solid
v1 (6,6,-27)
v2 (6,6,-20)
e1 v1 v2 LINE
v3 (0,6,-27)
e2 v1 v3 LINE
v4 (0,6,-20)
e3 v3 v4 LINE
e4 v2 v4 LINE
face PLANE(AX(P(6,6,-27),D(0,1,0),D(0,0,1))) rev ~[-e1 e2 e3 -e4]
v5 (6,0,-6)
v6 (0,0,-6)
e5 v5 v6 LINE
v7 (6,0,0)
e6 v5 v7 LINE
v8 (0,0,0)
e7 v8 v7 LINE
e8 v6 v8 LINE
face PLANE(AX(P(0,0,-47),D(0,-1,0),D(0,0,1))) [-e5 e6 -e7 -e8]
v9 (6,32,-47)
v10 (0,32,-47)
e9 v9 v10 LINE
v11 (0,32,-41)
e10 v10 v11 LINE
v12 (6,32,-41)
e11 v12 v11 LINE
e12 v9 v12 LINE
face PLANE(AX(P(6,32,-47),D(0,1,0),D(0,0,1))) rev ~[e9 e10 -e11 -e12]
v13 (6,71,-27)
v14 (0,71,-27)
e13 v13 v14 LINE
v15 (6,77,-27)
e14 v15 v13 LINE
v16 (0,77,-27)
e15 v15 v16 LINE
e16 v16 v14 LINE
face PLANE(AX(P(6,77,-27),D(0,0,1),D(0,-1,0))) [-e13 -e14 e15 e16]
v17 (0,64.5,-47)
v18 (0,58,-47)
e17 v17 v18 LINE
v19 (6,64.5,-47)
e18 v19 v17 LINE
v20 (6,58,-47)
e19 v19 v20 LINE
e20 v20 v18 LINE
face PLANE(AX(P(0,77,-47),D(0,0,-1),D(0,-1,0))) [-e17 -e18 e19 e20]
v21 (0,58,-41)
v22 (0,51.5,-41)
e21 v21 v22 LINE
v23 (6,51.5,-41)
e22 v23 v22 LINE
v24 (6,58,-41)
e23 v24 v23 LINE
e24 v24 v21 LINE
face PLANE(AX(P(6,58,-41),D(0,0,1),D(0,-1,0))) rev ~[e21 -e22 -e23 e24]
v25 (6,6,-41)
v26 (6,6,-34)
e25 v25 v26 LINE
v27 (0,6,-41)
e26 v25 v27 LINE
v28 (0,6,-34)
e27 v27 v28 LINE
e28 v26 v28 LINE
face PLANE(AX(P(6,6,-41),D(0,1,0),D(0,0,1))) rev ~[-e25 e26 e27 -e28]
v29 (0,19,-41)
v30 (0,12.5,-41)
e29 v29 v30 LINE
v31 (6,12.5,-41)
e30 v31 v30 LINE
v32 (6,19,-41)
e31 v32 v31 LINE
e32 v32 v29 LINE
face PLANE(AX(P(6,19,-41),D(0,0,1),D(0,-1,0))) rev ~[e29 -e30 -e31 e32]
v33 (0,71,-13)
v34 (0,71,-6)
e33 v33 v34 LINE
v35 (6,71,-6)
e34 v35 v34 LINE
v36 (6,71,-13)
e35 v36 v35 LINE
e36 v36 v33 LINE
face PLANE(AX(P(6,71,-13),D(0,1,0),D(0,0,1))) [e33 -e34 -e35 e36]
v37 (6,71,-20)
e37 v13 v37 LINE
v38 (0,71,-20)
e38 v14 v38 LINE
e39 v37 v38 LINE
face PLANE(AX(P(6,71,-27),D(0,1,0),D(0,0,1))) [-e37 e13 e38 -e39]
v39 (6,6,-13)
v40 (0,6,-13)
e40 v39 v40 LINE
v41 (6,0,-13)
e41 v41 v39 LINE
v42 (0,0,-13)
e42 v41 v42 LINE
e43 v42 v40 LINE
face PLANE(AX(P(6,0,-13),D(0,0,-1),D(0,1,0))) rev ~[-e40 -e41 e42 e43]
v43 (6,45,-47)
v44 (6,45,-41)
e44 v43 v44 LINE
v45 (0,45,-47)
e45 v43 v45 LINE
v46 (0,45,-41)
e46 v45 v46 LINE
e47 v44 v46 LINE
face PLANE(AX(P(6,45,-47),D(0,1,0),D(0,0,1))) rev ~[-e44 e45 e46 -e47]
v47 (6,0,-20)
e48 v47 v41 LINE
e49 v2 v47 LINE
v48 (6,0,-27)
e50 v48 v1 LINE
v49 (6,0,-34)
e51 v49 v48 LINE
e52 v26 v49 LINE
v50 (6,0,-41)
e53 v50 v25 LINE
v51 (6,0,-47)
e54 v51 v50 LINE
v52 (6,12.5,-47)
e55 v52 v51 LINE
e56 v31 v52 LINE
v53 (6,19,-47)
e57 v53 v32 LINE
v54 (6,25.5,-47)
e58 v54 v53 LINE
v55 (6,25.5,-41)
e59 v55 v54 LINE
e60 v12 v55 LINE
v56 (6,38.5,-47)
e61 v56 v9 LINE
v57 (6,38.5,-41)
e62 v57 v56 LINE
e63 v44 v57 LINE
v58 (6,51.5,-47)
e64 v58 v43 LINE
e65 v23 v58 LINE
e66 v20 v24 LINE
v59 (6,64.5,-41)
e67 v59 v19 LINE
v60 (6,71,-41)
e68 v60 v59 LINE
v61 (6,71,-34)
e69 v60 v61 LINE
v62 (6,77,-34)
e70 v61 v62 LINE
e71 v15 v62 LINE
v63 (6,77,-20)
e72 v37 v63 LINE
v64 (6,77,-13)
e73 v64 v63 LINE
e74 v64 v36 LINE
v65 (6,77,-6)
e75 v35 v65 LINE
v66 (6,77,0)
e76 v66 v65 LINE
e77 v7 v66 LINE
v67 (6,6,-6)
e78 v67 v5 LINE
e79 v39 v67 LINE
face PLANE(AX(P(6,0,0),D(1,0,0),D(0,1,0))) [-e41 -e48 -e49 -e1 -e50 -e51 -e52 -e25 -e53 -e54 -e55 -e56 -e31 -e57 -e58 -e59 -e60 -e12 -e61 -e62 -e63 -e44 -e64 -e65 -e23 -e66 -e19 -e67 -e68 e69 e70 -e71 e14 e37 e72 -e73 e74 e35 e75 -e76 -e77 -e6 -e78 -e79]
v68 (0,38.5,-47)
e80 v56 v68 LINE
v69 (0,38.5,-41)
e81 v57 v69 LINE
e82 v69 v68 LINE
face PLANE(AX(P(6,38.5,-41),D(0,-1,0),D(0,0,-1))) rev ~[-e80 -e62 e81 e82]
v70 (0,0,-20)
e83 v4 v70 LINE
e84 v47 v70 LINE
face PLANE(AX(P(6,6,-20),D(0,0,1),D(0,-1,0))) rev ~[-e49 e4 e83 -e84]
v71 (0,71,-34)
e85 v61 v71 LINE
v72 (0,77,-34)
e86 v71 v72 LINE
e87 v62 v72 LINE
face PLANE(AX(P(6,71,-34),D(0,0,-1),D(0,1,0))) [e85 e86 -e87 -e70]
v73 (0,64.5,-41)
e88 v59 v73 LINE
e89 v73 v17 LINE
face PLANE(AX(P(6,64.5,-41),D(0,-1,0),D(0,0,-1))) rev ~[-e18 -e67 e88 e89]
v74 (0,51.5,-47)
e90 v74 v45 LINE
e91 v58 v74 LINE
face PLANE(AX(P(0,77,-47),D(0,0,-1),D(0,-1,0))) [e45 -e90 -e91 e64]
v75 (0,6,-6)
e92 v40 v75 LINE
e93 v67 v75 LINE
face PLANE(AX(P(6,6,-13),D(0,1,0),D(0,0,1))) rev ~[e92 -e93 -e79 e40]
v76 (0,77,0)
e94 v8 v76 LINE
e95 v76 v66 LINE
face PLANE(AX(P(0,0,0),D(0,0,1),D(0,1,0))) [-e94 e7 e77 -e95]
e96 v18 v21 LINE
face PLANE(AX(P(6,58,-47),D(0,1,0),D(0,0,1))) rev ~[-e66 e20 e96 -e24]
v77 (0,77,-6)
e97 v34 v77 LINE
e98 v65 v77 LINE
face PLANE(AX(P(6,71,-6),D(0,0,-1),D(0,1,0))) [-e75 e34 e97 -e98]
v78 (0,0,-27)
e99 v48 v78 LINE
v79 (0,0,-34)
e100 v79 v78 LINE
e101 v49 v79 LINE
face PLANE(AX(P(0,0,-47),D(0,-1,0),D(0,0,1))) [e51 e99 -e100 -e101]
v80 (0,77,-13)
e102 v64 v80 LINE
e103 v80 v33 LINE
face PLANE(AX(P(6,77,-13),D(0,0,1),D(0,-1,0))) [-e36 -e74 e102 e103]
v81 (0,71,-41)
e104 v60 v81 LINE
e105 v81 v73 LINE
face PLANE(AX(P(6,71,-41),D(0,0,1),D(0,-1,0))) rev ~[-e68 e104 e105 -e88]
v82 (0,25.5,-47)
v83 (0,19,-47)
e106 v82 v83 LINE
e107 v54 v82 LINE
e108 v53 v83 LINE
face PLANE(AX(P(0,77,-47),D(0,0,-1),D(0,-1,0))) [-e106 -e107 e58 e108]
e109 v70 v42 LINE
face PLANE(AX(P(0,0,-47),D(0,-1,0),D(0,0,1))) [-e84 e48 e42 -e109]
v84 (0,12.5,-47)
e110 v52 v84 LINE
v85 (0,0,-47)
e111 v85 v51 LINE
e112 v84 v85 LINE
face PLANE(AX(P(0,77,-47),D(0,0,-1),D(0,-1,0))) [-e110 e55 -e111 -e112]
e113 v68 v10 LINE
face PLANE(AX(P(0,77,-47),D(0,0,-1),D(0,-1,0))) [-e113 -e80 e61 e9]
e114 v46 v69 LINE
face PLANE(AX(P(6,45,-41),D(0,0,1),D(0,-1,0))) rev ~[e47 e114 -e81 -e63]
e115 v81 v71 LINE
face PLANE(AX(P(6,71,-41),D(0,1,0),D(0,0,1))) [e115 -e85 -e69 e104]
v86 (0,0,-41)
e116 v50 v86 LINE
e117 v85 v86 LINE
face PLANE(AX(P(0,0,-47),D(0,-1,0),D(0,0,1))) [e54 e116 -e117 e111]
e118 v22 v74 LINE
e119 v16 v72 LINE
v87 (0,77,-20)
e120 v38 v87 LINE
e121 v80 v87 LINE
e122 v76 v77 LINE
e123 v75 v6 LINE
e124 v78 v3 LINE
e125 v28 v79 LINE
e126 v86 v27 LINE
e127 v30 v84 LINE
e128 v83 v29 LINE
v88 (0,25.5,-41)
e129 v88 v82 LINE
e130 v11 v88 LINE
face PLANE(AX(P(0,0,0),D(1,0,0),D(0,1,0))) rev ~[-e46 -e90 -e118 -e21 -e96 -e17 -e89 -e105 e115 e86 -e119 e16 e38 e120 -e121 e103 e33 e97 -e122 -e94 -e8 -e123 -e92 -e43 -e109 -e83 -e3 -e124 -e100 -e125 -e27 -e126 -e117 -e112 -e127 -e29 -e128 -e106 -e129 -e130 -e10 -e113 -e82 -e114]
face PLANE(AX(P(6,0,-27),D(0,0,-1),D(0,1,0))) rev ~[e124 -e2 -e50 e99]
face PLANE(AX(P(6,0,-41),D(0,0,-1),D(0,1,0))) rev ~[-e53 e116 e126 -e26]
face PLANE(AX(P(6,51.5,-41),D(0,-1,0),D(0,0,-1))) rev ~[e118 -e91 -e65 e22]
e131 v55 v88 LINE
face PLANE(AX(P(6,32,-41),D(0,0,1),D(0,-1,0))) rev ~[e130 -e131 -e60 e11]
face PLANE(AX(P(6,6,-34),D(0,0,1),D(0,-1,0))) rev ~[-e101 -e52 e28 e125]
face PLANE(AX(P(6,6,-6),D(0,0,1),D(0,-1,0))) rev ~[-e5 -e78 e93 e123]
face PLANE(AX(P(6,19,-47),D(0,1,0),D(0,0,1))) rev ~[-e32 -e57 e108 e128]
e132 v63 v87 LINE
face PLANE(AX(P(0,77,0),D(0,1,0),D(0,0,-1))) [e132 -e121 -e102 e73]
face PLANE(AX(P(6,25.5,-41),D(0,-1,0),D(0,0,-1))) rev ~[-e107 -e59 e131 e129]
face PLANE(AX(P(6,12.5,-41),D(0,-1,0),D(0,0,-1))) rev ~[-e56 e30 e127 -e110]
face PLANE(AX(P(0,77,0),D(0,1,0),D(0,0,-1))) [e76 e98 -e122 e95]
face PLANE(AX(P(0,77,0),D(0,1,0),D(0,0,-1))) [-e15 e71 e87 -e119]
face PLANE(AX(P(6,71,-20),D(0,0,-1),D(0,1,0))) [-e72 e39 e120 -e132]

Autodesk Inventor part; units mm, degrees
ref_plane "YZ Plane" through (0, 0, 0) normal (1, 0, 0) x (0, 1, 0)
ref_plane "XZ Plane" through (0, 0, 0) normal (0, 1, 0) x (-1, 0, 0)
ref_plane "XY Plane" through (0, 0, 0) normal (0, 0, 1) x (1, 0, 0)
sketch "Sketch1" plane through (0, 0, 0) normal (1, 0, 0) x (0, 1, 0)
  line L0 (0, 0) -> (77, 0)
  line L1 (77, 0) -> (77, -47)
  line L2 (77, -47) -> (0, -47)
  line L3 (0, -47) -> (0, 0)
  dimension "d0" = 77
  dimension "d1" = 47
extrude "Extrusion1" add sketch "Sketch1" along normal blind 6
sketch "Sketch2" plane through (6, 0, 0) normal (1, 0, 0) x (0, 0, -1)
  line L0 (47, 0) -> (47, 77) projected
  line L1 (47, 77) -> (47, 71)
  line L2 (47, 71) -> (41, 71)
  line L3 (41, 71) -> (41, 64.5)
  line L4 (41, 64.5) -> (47, 64.5)
  line L5 (47, 64.5) -> (47, 71)
  point P0 (0, 0)
  dimension "d4" = 6
  dimension "d5" = 6
  dimension "d6" = 6.5
extrude "Extrusion2" cut sketch "Sketch2" against normal blind 6
pattern_linear "Rectangular Pattern1" count 5 spacing 13 along (0, -1, 0) of "Extrusion2"
sketch "Sketch3" plane through (6, 0, 0) normal (1, 0, 0) x (0, 0, -1)
  line L0 (0, 77) -> (0, 0) projected
  line L1 (0, 77) -> (6, 77)
  line L2 (47, 77) -> (0, 77) projected
  line L3 (6, 77) -> (13, 77)
  line L4 (13, 77) -> (13, 71)
  line L5 (13, 71) -> (6, 71)
  line L6 (6, 71) -> (6, 77)
  line L7 (0, 0) -> (47, 0) projected
  line L8 (0, 0) -> (6, 0)
  line L9 (6, 0) -> (13, 0)
  line L10 (13, 0) -> (13, 6)
  line L11 (13, 6) -> (6, 6)
  line L12 (6, 6) -> (6, 0)
  dimension "d12" = 6
  dimension "d13" = 7
  dimension "d14" = 6
  dimension "d15" = 6
  dimension "d16" = 7
  dimension "d17" = 6
extrude "Extrusion3" cut sketch "Sketch3" against normal blind 6
pattern_linear "Rectangular Pattern2" count 3 spacing 14 along (0, 0, -1) of "Extrusion3"
sketch "Sketch4" plane through (6, 0, 0) normal (1, 0, 0) x (0, 0, -1)
  line L0 (47, 76.8975) -> (47, 71)
  line L1 (41, 71) -> (47, 71) projected
  line L2 (47, 71) -> (47, 77) projected
  line L3 (41, 71) -> (47, 71)
  line L4 (47, 71) -> (47, 77)
  line L5 (47, 77) -> (41, 77)
  line L6 (41, 77) -> (41, 71)
  point P0 (0, 0)
extrude "Extrusion4" cut sketch "Sketch4" against normal blind 6
properties part number "g_arm_v_3"
